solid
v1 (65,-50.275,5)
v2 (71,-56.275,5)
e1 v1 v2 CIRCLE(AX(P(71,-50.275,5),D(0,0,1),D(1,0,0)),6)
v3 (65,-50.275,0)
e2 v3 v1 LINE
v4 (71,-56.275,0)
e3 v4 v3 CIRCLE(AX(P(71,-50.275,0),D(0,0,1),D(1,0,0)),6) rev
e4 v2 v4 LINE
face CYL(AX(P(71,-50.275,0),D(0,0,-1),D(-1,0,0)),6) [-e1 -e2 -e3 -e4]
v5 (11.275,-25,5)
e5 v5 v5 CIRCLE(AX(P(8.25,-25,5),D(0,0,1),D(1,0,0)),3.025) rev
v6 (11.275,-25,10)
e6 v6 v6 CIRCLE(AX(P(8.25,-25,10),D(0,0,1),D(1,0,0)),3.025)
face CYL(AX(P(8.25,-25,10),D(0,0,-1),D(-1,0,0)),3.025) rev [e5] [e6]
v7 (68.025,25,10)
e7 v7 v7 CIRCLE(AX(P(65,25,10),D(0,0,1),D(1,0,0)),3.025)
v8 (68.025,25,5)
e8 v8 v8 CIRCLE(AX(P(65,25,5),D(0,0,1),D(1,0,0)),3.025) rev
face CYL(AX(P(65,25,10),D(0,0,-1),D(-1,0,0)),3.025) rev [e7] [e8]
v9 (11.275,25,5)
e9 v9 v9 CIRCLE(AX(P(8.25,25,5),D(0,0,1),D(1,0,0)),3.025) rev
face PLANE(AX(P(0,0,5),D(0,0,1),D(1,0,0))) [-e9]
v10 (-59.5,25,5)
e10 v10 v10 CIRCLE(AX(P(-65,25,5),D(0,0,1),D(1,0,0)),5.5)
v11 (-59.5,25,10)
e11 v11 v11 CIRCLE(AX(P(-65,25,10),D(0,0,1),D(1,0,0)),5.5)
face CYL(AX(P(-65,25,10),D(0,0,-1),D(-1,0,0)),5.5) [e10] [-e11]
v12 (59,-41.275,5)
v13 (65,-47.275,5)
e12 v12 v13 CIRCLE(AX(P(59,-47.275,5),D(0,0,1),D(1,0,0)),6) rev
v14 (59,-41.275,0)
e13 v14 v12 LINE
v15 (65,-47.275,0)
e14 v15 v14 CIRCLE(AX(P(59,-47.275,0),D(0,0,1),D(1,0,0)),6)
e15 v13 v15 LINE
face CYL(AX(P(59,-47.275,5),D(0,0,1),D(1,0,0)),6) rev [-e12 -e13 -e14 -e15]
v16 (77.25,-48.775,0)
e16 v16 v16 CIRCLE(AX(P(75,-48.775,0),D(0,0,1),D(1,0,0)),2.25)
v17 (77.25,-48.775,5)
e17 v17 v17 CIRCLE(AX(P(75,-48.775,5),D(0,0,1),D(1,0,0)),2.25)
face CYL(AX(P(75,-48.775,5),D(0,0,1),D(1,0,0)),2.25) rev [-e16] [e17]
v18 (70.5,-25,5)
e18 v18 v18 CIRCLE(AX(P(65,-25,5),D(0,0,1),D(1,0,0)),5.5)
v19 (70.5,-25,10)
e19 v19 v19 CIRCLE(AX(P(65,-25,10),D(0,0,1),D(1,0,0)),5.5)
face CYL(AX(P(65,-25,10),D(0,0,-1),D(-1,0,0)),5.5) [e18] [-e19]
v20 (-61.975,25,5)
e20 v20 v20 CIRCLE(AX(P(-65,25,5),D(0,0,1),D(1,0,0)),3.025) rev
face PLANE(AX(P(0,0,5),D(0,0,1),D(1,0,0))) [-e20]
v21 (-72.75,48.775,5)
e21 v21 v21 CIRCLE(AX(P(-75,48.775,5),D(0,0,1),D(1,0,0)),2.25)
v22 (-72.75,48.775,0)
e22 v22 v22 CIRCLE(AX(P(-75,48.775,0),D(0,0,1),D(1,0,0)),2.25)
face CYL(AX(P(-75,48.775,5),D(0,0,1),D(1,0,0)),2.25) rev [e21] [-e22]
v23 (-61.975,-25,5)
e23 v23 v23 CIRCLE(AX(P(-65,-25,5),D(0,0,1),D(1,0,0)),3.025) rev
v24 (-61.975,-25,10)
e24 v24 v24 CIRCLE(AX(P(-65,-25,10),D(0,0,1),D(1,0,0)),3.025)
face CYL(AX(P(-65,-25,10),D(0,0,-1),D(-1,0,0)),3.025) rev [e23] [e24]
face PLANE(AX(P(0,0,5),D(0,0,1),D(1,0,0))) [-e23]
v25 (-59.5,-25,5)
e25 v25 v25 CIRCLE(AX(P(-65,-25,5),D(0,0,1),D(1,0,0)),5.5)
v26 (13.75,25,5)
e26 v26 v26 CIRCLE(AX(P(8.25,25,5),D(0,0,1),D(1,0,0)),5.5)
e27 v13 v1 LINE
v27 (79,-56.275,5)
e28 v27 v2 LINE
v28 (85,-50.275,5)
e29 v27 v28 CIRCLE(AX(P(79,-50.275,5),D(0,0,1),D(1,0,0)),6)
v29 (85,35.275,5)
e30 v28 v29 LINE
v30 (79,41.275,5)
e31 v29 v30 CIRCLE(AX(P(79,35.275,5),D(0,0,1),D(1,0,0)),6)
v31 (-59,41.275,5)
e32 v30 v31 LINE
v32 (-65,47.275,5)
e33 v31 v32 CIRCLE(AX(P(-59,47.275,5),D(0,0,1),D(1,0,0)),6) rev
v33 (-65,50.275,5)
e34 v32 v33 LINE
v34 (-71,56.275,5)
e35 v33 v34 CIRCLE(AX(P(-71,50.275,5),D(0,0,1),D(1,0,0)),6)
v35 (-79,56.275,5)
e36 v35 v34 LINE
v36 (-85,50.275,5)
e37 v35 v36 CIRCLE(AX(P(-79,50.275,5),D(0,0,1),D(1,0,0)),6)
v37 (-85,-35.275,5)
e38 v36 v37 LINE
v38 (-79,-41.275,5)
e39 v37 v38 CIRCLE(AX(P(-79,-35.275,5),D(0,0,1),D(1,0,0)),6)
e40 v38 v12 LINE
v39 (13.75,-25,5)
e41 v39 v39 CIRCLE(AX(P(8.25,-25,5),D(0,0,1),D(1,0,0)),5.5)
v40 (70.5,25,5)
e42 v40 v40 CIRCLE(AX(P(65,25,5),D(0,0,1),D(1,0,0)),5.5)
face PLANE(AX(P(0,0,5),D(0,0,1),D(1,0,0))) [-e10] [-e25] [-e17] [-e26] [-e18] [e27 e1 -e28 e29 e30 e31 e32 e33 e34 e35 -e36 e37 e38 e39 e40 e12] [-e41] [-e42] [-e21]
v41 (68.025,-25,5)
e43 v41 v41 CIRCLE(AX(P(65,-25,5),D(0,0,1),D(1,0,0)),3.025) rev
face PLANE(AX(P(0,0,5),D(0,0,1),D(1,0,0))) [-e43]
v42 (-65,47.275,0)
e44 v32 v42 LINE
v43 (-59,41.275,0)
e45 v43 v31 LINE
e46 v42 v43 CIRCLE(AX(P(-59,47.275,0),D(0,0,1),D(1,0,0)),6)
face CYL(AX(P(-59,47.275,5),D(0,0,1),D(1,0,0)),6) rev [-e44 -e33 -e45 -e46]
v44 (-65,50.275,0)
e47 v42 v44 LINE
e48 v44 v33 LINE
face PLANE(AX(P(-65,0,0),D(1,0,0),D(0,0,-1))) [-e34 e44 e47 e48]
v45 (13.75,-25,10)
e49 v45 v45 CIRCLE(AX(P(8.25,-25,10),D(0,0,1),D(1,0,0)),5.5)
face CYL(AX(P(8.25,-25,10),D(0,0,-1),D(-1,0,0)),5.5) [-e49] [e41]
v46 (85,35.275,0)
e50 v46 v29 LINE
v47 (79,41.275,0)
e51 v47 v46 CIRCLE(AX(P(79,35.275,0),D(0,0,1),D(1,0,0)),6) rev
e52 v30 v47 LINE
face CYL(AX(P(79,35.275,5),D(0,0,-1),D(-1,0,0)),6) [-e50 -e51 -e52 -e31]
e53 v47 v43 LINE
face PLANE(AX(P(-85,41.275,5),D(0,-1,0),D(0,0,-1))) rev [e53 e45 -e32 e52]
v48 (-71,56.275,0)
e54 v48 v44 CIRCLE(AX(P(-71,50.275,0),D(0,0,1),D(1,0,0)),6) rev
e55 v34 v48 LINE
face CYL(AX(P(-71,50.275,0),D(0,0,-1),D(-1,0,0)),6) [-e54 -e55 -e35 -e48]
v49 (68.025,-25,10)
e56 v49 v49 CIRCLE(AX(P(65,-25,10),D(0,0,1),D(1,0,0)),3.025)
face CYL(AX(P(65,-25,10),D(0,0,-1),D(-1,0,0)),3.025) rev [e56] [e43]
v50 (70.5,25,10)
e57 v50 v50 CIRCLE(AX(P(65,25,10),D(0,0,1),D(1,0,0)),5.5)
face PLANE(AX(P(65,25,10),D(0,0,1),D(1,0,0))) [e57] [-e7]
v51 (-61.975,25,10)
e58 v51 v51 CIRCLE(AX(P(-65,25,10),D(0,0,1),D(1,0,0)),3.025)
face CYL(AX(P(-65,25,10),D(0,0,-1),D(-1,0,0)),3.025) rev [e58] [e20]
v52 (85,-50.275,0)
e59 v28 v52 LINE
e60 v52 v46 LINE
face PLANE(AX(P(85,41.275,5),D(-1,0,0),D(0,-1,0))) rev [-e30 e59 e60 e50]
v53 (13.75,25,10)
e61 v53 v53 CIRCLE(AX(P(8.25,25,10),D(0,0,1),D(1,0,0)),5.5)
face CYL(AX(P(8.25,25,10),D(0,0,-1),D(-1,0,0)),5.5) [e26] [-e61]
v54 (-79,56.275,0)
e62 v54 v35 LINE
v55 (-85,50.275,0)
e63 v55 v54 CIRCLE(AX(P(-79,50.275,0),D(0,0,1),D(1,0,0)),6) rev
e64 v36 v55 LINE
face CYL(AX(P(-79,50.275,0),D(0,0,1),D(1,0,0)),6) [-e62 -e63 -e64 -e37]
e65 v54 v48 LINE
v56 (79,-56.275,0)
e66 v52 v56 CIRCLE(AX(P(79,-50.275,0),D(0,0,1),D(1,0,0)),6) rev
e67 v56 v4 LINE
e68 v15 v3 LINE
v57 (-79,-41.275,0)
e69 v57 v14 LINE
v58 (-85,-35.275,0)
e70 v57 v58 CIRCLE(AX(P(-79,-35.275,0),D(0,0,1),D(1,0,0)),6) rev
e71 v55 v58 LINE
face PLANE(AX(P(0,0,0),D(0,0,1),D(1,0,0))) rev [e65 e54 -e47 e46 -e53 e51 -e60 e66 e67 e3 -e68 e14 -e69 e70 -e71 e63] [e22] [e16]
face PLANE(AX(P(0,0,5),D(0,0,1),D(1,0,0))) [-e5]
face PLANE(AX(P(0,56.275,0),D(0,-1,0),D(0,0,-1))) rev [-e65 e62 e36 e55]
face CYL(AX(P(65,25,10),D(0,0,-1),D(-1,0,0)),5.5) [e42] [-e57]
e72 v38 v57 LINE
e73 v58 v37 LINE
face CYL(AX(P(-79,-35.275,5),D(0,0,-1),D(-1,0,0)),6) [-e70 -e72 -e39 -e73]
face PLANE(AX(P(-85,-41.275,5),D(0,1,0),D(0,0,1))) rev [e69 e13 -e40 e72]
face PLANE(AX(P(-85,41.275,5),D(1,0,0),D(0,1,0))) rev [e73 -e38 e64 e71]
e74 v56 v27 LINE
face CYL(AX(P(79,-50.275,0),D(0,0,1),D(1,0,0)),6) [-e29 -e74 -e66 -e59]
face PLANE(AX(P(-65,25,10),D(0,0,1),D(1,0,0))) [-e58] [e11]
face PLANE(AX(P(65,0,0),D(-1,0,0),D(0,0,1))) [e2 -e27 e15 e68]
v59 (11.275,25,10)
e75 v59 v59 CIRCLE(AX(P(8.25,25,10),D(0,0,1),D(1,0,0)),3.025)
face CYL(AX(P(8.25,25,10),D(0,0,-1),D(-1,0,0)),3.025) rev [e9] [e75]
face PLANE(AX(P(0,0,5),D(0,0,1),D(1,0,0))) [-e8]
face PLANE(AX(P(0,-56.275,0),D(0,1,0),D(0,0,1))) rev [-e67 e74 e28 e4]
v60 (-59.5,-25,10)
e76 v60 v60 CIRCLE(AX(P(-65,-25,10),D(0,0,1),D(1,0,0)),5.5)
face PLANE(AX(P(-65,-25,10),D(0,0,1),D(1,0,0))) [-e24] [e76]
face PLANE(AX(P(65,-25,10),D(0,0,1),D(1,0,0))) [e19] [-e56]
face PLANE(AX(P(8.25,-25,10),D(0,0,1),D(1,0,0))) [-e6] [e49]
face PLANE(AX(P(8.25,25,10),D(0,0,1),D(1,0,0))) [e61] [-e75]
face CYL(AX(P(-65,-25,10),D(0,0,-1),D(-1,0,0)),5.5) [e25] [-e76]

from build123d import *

# Parameters (mm, degrees)
SKETCH1_W            = 170
SKETCH1_H            = 82.55
BOSS_EXTRUDE1_DEPTH  = 5
SKETCH2_R            = 5.5
SKETCH2_R_2          = 3.025
BOSS_EXTRUDE2_DEPTH  = 5
SKETCH3_W            = 20
SKETCH3_H            = 15
BOSS_EXTRUDE3_DEPTH  = 5
FILLET1_R            = 6
M4_CLEARANCE_HOLE1_D = 4.5


with BuildPart() as part:
    # Sketch1 → Boss-Extrude1 (new body)
    with BuildSketch(Plane.XY):
        Rectangle(SKETCH1_W, SKETCH1_H)
    extrude(amount=BOSS_EXTRUDE1_DEPTH)

    # Sketch2 → Boss-Extrude2 (add)
    with BuildSketch(Plane.XY.offset(5)):
        with Locations((65, 25)):
            Circle(SKETCH2_R)
        with Locations((65, 25)):
            Circle(SKETCH2_R_2, mode=Mode.SUBTRACT)
        with Locations((8.25, 25)):
            Circle(SKETCH2_R)
        with Locations((8.25, 25)):
            Circle(SKETCH2_R_2, mode=Mode.SUBTRACT)
        with Locations((-65, 25)):
            Circle(SKETCH2_R)
        with Locations((-65, 25)):
            Circle(SKETCH2_R_2, mode=Mode.SUBTRACT)
        with Locations((-65, -25)):
            Circle(SKETCH2_R)
        with Locations((-65, -25)):
            Circle(SKETCH2_R_2, mode=Mode.SUBTRACT)
        with Locations((8.25, -25)):
            Circle(SKETCH2_R)
        with Locations((8.25, -25)):
            Circle(SKETCH2_R_2, mode=Mode.SUBTRACT)
        with Locations((65, -25)):
            Circle(SKETCH2_R)
        with Locations((65, -25)):
            Circle(SKETCH2_R_2, mode=Mode.SUBTRACT)
    extrude(amount=BOSS_EXTRUDE2_DEPTH)

    # Sketch3 → Boss-Extrude3 (add)
    with BuildSketch(Plane.XY.offset(5)):
        Polygon((-65, 56.275), (-85, 41.275), (-65, 41.275), align=None)
        Polygon((-85, 56.275), (-85, 41.275), (-65, 56.275), align=None)
        with Locations((75, -48.775)):
            Rectangle(SKETCH3_W, SKETCH3_H)
    extrude(amount=-BOSS_EXTRUDE3_DEPTH)

    # Fillet1
    fillet1_edges = [part.edges().sort_by_distance(p)[0] for p in [
        (-85, 56.275, 2.5),
        (-65, 56.275, 2.5),
        (-65, 41.275, 2.5),
        (65, -56.275, 2.5),
        (65, -41.275, 2.5),
        (85, -56.275, 2.5),
        (-85, -41.275, 2.5),
        (85, 41.275, 2.5),
    ]]
    fillet(fillet1_edges, radius=FILLET1_R)

    # M4 Clearance Hole1 (through all)
    with Locations(Plane.XY.offset(5)):
        with Locations((-75, 48.775), (75, -48.775)):
            Hole(M4_CLEARANCE_HOLE1_D / 2)


solid = part.part
